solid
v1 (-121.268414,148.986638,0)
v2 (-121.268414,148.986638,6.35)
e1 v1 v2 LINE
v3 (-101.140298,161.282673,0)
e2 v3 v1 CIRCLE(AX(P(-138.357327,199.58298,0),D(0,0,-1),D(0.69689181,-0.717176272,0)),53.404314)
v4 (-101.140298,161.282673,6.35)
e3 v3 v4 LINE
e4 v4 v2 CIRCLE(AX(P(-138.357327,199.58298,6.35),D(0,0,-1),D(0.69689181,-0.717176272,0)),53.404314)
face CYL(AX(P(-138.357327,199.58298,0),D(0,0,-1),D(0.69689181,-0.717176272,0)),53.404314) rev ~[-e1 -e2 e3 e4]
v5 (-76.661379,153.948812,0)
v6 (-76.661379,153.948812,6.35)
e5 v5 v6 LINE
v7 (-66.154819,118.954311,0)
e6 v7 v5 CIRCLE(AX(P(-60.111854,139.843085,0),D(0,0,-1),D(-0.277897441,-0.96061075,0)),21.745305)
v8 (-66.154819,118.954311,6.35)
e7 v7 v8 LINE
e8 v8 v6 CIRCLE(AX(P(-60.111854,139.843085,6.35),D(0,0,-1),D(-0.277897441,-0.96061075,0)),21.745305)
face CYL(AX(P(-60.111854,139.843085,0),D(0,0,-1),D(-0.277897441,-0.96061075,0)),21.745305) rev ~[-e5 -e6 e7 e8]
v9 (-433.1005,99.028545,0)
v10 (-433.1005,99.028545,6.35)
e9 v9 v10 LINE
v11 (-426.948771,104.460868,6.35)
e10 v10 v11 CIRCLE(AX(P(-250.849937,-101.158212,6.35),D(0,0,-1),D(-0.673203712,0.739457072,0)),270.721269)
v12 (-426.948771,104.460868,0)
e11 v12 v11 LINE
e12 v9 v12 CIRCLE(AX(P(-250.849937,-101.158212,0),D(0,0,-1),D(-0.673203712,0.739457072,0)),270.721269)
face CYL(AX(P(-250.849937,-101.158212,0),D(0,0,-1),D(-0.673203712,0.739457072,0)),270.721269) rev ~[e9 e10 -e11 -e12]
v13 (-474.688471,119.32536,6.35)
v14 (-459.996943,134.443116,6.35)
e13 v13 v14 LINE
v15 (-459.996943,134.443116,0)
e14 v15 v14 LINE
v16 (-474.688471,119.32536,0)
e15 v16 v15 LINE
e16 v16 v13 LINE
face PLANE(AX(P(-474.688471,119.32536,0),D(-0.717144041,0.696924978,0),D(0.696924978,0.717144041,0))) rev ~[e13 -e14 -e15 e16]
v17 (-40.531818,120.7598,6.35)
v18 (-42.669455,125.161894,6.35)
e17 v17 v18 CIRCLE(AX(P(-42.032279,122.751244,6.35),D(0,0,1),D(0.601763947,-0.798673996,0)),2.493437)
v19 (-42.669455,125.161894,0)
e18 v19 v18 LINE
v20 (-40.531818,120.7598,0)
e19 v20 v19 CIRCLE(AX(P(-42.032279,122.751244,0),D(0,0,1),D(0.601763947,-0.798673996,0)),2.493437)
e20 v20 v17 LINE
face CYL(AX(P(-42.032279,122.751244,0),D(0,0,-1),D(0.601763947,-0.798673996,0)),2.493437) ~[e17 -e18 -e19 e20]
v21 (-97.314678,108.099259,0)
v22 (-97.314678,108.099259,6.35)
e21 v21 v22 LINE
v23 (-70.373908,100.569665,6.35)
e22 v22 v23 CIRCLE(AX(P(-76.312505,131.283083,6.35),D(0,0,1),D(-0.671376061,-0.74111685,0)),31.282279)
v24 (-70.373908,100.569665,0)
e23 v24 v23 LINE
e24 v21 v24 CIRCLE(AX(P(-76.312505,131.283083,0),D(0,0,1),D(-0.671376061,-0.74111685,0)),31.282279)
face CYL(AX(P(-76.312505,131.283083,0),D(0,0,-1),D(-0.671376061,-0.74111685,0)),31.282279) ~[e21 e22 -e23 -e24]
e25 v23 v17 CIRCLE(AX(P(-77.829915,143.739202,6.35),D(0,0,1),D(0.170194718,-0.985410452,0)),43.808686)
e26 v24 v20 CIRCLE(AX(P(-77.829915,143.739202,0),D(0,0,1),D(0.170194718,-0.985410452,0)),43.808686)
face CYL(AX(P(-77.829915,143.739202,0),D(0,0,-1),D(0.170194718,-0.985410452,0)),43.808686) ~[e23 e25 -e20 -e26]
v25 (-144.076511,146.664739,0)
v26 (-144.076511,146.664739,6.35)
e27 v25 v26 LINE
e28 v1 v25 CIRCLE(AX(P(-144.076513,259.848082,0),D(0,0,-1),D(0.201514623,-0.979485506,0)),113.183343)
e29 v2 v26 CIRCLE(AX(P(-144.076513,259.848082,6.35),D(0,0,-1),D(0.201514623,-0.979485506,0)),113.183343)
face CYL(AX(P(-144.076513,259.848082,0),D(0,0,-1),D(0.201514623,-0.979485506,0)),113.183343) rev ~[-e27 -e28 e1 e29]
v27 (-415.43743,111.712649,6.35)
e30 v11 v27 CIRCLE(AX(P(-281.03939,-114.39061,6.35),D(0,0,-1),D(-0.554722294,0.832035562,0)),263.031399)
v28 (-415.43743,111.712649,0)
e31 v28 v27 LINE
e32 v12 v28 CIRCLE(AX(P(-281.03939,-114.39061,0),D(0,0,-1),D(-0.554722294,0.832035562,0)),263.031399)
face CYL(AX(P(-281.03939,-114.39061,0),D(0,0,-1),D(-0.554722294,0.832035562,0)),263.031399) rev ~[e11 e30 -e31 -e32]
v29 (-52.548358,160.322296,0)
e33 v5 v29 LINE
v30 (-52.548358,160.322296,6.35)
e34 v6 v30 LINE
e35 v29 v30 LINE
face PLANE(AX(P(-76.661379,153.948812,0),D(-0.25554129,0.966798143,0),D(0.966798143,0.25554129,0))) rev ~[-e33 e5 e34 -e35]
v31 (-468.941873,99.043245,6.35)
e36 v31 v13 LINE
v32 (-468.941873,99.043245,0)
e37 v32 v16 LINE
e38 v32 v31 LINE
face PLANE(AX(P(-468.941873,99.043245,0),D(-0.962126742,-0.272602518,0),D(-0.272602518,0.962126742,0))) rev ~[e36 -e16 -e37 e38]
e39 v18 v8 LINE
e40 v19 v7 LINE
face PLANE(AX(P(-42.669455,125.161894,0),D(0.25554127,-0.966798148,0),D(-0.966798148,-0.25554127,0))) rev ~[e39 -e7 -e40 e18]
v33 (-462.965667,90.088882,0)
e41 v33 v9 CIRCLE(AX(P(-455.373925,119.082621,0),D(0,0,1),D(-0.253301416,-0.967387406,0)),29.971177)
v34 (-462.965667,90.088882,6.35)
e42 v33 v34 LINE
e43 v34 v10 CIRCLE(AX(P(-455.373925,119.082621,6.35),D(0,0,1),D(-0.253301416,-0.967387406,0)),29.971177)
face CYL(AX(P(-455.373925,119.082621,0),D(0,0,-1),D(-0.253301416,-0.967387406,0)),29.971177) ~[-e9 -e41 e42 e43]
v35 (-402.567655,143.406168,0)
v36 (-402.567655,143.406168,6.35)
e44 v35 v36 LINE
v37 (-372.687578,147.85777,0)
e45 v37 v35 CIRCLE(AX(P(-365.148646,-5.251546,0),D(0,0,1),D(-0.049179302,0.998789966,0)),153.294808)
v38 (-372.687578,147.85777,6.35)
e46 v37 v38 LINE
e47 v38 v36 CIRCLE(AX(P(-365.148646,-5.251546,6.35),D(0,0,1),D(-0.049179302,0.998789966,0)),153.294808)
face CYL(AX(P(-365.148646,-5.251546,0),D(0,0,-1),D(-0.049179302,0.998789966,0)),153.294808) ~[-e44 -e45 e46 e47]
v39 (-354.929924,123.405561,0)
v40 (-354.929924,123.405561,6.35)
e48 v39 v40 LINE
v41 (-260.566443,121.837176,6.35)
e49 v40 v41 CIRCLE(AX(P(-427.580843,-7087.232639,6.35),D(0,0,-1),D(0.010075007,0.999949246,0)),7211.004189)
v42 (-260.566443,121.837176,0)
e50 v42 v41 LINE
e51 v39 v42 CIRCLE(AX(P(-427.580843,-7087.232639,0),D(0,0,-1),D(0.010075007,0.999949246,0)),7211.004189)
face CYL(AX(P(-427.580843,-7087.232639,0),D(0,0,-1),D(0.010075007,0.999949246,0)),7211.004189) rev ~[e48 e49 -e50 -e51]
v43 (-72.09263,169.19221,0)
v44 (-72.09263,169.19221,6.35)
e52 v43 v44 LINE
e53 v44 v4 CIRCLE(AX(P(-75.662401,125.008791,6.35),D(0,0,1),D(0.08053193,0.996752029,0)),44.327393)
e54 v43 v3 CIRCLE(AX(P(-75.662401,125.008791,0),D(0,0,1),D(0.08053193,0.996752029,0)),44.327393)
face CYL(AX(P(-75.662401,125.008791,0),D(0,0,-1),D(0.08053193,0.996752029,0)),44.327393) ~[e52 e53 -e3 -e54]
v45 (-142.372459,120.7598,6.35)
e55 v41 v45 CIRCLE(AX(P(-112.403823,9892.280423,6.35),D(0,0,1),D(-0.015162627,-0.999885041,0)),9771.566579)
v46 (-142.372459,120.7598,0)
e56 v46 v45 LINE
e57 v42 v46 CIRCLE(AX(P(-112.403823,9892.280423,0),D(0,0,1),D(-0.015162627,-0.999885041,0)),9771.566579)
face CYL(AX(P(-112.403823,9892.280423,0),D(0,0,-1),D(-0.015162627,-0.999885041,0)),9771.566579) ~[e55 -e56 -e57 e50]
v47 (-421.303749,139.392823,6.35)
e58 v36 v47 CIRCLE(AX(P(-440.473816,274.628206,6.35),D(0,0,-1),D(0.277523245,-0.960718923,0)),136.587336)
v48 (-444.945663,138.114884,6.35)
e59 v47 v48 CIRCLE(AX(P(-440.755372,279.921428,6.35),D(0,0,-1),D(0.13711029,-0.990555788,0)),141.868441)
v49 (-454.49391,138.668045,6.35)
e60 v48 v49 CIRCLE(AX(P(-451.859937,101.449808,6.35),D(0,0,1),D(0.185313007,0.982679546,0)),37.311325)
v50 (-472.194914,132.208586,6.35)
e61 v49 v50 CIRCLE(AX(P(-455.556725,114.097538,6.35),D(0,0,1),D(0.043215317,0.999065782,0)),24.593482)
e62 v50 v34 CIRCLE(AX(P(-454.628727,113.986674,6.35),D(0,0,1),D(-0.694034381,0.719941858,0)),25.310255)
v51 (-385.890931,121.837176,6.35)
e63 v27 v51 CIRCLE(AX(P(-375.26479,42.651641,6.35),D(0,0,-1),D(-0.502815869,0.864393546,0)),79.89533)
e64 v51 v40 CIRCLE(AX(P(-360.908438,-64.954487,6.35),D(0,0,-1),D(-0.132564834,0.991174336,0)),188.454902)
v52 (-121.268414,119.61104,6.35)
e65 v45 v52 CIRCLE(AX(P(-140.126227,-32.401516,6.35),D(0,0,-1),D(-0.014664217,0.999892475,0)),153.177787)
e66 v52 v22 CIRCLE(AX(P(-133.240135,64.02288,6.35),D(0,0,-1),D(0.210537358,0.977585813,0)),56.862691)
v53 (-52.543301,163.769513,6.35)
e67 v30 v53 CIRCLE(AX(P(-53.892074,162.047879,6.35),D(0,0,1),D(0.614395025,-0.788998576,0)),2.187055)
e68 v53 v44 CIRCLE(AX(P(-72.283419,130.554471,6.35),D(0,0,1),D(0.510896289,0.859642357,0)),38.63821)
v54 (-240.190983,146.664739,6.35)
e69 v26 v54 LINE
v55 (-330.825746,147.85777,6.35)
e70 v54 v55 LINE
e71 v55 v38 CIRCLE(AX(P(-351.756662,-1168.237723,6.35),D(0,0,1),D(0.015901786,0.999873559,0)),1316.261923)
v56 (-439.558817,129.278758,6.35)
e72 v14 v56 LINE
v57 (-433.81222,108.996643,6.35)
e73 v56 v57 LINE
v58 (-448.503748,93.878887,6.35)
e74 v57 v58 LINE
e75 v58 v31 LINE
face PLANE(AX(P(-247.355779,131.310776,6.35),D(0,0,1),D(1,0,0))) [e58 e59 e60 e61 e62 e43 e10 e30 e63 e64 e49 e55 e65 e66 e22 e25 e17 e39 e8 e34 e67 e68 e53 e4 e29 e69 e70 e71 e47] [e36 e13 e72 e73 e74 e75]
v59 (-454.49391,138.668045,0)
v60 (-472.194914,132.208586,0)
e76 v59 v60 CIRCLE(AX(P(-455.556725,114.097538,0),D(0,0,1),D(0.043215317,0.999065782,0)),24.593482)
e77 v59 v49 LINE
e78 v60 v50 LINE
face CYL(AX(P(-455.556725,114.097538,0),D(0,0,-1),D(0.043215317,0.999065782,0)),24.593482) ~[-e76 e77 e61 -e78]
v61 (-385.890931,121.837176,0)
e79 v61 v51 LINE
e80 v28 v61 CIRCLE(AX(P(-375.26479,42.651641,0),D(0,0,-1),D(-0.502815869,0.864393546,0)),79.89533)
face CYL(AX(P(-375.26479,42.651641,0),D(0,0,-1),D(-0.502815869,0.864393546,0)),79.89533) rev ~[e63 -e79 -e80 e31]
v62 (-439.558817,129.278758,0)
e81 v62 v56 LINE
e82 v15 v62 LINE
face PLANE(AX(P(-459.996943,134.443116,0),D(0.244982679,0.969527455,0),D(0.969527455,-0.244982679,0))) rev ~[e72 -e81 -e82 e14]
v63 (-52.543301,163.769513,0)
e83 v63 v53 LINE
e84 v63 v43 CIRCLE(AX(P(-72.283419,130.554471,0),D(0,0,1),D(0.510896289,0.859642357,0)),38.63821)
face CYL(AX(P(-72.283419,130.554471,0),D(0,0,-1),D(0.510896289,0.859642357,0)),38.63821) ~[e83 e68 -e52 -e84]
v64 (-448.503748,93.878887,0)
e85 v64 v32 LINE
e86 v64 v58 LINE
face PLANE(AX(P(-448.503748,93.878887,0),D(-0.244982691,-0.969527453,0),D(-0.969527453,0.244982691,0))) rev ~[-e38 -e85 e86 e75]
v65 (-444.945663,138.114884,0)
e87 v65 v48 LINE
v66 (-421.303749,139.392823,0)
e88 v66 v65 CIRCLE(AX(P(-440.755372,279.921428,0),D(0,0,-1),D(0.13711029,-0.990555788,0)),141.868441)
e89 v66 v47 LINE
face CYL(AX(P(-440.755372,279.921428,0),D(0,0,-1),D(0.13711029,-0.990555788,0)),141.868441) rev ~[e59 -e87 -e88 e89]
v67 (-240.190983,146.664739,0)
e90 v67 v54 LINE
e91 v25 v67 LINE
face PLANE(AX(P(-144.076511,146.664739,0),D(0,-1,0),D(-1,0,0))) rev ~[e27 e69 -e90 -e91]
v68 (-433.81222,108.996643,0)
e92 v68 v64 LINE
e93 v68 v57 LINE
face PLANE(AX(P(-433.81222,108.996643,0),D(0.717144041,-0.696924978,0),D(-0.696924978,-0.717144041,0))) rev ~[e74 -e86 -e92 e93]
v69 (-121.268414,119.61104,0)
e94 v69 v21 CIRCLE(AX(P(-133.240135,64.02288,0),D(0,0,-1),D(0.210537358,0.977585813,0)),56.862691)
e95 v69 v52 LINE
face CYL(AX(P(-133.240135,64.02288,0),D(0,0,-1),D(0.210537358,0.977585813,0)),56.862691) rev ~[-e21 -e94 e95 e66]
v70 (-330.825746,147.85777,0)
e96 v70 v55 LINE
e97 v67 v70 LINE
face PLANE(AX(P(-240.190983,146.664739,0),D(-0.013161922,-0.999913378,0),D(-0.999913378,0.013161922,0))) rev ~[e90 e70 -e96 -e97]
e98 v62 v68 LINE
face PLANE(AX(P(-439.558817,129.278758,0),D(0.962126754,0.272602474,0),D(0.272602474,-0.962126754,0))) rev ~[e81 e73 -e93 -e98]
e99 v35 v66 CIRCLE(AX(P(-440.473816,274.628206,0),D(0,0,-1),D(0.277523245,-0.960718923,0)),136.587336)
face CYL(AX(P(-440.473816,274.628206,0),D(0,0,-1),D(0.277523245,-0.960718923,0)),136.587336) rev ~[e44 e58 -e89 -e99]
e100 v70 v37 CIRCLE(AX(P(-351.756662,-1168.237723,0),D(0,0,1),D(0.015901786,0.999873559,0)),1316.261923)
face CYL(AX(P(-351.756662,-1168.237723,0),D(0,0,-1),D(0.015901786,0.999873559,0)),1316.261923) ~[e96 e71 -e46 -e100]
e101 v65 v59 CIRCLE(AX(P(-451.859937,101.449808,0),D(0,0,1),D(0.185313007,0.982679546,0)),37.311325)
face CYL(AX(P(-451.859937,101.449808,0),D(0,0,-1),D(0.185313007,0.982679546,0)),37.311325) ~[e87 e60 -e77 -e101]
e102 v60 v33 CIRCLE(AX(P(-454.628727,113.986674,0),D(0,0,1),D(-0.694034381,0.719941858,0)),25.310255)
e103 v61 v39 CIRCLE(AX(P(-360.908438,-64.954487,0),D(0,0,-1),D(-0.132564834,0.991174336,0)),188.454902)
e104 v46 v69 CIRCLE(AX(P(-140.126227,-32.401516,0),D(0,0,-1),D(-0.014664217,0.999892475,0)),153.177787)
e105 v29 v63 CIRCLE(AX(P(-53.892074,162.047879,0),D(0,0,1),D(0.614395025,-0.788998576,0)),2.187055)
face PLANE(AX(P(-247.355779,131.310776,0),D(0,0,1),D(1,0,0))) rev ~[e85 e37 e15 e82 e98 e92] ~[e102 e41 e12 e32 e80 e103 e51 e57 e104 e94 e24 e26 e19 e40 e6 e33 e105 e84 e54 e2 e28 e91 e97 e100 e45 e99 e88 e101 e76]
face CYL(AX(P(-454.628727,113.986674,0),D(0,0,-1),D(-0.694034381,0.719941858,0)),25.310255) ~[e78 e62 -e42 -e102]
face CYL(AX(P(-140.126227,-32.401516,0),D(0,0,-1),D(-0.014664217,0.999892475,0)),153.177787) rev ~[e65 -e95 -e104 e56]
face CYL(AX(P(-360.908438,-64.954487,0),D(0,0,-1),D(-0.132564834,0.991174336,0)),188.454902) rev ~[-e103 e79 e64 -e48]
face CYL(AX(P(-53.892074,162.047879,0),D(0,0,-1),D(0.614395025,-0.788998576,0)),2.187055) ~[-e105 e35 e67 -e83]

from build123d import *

# Parameters (mm, degrees)
F1_DEPTH = 6.35


with BuildPart() as f1:
    # F0 (on Top) → F1 (new body)
    with BuildSketch(Plane.XY):
        with BuildLine():
            Line((-76.661379, 153.948812), (-52.548358, 160.322296))
            ThreePointArc((-52.548358, 160.322296), (-51.705021, 162.044671), (-52.543301, 163.769513))
            ThreePointArc((-52.543301, 163.769513), (-61.955705, 167.786844), (-72.09263, 169.19221))
            ThreePointArc((-72.09263, 169.19221), (-87.308503, 167.778945), (-101.140298, 161.282673))
            ThreePointArc((-101.140298, 161.282673), (-110.517033, 154.009536), (-121.268414, 148.986638))
            ThreePointArc((-121.268414, 148.986638), (-132.613522, 147.24671), (-144.076511, 146.664739))
            Line((-144.076511, 146.664739), (-240.190983, 146.664739))
            Line((-240.190983, 146.664739), (-330.825746, 147.85777))
            ThreePointArc((-330.825746, 147.85777), (-351.756662, 148.0242), (-372.687578, 147.85777))
            ThreePointArc((-372.687578, 147.85777), (-387.737544, 146.369824), (-402.567655, 143.406168))
            ThreePointArc((-402.567655, 143.406168), (-411.865239, 141.070542), (-421.303749, 139.392823))
            ThreePointArc((-421.303749, 139.392823), (-433.098, 138.259792), (-444.945663, 138.114884))
            ThreePointArc((-444.945663, 138.114884), (-449.701989, 138.698677), (-454.49391, 138.668045))
            ThreePointArc((-454.49391, 138.668045), (-463.987575, 137.200788), (-472.194914, 132.208586))
            ThreePointArc((-472.194914, 132.208586), (-479.352407, 108.569234), (-462.965667, 90.088882))
            ThreePointArc((-462.965667, 90.088882), (-446.779314, 90.370183), (-433.1005, 99.028545))
            ThreePointArc((-433.1005, 99.028545), (-430.045222, 101.768019), (-426.948771, 104.460868))
            ThreePointArc((-426.948771, 104.460868), (-421.239995, 108.161198), (-415.43743, 111.712649))
            ThreePointArc((-415.43743, 111.712649), (-401.163739, 118.232778), (-385.890931, 121.837176))
            ThreePointArc((-385.890931, 121.837176), (-370.442732, 123.259082), (-354.929924, 123.405561))
            ThreePointArc((-354.929924, 123.405561), (-307.745618, 122.775747), (-260.566443, 121.837176))
            ThreePointArc((-260.566443, 121.837176), (-201.47108, 121.119774), (-142.372459, 120.7598))
            ThreePointArc((-142.372459, 120.7598), (-131.8006, 120.549843), (-121.268414, 119.61104))
            ThreePointArc((-121.268414, 119.61104), (-108.609561, 115.274226), (-97.314678, 108.099259))
            ThreePointArc((-97.314678, 108.099259), (-84.732809, 101.155364), (-70.373908, 100.569665))
            ThreePointArc((-70.373908, 100.569665), (-53.28113, 107.454796), (-40.531818, 120.7598))
            ThreePointArc((-40.531818, 120.7598), (-39.789307, 123.840421), (-42.669455, 125.161894))
            Line((-42.669455, 125.161894), (-66.154819, 118.954311))
            ThreePointArc((-66.154819, 118.954311), (-80.938734, 133.590135), (-76.661379, 153.948812))
        make_face()
        Polygon((-448.503748, 93.878887), (-468.941873, 99.043245), (-474.688471, 119.32536), (-459.996943, 134.443116), (-439.558817, 129.278758), (-433.81222, 108.996643), align=None, mode=Mode.SUBTRACT)
    extrude(amount=F1_DEPTH)


solid = f1.part
